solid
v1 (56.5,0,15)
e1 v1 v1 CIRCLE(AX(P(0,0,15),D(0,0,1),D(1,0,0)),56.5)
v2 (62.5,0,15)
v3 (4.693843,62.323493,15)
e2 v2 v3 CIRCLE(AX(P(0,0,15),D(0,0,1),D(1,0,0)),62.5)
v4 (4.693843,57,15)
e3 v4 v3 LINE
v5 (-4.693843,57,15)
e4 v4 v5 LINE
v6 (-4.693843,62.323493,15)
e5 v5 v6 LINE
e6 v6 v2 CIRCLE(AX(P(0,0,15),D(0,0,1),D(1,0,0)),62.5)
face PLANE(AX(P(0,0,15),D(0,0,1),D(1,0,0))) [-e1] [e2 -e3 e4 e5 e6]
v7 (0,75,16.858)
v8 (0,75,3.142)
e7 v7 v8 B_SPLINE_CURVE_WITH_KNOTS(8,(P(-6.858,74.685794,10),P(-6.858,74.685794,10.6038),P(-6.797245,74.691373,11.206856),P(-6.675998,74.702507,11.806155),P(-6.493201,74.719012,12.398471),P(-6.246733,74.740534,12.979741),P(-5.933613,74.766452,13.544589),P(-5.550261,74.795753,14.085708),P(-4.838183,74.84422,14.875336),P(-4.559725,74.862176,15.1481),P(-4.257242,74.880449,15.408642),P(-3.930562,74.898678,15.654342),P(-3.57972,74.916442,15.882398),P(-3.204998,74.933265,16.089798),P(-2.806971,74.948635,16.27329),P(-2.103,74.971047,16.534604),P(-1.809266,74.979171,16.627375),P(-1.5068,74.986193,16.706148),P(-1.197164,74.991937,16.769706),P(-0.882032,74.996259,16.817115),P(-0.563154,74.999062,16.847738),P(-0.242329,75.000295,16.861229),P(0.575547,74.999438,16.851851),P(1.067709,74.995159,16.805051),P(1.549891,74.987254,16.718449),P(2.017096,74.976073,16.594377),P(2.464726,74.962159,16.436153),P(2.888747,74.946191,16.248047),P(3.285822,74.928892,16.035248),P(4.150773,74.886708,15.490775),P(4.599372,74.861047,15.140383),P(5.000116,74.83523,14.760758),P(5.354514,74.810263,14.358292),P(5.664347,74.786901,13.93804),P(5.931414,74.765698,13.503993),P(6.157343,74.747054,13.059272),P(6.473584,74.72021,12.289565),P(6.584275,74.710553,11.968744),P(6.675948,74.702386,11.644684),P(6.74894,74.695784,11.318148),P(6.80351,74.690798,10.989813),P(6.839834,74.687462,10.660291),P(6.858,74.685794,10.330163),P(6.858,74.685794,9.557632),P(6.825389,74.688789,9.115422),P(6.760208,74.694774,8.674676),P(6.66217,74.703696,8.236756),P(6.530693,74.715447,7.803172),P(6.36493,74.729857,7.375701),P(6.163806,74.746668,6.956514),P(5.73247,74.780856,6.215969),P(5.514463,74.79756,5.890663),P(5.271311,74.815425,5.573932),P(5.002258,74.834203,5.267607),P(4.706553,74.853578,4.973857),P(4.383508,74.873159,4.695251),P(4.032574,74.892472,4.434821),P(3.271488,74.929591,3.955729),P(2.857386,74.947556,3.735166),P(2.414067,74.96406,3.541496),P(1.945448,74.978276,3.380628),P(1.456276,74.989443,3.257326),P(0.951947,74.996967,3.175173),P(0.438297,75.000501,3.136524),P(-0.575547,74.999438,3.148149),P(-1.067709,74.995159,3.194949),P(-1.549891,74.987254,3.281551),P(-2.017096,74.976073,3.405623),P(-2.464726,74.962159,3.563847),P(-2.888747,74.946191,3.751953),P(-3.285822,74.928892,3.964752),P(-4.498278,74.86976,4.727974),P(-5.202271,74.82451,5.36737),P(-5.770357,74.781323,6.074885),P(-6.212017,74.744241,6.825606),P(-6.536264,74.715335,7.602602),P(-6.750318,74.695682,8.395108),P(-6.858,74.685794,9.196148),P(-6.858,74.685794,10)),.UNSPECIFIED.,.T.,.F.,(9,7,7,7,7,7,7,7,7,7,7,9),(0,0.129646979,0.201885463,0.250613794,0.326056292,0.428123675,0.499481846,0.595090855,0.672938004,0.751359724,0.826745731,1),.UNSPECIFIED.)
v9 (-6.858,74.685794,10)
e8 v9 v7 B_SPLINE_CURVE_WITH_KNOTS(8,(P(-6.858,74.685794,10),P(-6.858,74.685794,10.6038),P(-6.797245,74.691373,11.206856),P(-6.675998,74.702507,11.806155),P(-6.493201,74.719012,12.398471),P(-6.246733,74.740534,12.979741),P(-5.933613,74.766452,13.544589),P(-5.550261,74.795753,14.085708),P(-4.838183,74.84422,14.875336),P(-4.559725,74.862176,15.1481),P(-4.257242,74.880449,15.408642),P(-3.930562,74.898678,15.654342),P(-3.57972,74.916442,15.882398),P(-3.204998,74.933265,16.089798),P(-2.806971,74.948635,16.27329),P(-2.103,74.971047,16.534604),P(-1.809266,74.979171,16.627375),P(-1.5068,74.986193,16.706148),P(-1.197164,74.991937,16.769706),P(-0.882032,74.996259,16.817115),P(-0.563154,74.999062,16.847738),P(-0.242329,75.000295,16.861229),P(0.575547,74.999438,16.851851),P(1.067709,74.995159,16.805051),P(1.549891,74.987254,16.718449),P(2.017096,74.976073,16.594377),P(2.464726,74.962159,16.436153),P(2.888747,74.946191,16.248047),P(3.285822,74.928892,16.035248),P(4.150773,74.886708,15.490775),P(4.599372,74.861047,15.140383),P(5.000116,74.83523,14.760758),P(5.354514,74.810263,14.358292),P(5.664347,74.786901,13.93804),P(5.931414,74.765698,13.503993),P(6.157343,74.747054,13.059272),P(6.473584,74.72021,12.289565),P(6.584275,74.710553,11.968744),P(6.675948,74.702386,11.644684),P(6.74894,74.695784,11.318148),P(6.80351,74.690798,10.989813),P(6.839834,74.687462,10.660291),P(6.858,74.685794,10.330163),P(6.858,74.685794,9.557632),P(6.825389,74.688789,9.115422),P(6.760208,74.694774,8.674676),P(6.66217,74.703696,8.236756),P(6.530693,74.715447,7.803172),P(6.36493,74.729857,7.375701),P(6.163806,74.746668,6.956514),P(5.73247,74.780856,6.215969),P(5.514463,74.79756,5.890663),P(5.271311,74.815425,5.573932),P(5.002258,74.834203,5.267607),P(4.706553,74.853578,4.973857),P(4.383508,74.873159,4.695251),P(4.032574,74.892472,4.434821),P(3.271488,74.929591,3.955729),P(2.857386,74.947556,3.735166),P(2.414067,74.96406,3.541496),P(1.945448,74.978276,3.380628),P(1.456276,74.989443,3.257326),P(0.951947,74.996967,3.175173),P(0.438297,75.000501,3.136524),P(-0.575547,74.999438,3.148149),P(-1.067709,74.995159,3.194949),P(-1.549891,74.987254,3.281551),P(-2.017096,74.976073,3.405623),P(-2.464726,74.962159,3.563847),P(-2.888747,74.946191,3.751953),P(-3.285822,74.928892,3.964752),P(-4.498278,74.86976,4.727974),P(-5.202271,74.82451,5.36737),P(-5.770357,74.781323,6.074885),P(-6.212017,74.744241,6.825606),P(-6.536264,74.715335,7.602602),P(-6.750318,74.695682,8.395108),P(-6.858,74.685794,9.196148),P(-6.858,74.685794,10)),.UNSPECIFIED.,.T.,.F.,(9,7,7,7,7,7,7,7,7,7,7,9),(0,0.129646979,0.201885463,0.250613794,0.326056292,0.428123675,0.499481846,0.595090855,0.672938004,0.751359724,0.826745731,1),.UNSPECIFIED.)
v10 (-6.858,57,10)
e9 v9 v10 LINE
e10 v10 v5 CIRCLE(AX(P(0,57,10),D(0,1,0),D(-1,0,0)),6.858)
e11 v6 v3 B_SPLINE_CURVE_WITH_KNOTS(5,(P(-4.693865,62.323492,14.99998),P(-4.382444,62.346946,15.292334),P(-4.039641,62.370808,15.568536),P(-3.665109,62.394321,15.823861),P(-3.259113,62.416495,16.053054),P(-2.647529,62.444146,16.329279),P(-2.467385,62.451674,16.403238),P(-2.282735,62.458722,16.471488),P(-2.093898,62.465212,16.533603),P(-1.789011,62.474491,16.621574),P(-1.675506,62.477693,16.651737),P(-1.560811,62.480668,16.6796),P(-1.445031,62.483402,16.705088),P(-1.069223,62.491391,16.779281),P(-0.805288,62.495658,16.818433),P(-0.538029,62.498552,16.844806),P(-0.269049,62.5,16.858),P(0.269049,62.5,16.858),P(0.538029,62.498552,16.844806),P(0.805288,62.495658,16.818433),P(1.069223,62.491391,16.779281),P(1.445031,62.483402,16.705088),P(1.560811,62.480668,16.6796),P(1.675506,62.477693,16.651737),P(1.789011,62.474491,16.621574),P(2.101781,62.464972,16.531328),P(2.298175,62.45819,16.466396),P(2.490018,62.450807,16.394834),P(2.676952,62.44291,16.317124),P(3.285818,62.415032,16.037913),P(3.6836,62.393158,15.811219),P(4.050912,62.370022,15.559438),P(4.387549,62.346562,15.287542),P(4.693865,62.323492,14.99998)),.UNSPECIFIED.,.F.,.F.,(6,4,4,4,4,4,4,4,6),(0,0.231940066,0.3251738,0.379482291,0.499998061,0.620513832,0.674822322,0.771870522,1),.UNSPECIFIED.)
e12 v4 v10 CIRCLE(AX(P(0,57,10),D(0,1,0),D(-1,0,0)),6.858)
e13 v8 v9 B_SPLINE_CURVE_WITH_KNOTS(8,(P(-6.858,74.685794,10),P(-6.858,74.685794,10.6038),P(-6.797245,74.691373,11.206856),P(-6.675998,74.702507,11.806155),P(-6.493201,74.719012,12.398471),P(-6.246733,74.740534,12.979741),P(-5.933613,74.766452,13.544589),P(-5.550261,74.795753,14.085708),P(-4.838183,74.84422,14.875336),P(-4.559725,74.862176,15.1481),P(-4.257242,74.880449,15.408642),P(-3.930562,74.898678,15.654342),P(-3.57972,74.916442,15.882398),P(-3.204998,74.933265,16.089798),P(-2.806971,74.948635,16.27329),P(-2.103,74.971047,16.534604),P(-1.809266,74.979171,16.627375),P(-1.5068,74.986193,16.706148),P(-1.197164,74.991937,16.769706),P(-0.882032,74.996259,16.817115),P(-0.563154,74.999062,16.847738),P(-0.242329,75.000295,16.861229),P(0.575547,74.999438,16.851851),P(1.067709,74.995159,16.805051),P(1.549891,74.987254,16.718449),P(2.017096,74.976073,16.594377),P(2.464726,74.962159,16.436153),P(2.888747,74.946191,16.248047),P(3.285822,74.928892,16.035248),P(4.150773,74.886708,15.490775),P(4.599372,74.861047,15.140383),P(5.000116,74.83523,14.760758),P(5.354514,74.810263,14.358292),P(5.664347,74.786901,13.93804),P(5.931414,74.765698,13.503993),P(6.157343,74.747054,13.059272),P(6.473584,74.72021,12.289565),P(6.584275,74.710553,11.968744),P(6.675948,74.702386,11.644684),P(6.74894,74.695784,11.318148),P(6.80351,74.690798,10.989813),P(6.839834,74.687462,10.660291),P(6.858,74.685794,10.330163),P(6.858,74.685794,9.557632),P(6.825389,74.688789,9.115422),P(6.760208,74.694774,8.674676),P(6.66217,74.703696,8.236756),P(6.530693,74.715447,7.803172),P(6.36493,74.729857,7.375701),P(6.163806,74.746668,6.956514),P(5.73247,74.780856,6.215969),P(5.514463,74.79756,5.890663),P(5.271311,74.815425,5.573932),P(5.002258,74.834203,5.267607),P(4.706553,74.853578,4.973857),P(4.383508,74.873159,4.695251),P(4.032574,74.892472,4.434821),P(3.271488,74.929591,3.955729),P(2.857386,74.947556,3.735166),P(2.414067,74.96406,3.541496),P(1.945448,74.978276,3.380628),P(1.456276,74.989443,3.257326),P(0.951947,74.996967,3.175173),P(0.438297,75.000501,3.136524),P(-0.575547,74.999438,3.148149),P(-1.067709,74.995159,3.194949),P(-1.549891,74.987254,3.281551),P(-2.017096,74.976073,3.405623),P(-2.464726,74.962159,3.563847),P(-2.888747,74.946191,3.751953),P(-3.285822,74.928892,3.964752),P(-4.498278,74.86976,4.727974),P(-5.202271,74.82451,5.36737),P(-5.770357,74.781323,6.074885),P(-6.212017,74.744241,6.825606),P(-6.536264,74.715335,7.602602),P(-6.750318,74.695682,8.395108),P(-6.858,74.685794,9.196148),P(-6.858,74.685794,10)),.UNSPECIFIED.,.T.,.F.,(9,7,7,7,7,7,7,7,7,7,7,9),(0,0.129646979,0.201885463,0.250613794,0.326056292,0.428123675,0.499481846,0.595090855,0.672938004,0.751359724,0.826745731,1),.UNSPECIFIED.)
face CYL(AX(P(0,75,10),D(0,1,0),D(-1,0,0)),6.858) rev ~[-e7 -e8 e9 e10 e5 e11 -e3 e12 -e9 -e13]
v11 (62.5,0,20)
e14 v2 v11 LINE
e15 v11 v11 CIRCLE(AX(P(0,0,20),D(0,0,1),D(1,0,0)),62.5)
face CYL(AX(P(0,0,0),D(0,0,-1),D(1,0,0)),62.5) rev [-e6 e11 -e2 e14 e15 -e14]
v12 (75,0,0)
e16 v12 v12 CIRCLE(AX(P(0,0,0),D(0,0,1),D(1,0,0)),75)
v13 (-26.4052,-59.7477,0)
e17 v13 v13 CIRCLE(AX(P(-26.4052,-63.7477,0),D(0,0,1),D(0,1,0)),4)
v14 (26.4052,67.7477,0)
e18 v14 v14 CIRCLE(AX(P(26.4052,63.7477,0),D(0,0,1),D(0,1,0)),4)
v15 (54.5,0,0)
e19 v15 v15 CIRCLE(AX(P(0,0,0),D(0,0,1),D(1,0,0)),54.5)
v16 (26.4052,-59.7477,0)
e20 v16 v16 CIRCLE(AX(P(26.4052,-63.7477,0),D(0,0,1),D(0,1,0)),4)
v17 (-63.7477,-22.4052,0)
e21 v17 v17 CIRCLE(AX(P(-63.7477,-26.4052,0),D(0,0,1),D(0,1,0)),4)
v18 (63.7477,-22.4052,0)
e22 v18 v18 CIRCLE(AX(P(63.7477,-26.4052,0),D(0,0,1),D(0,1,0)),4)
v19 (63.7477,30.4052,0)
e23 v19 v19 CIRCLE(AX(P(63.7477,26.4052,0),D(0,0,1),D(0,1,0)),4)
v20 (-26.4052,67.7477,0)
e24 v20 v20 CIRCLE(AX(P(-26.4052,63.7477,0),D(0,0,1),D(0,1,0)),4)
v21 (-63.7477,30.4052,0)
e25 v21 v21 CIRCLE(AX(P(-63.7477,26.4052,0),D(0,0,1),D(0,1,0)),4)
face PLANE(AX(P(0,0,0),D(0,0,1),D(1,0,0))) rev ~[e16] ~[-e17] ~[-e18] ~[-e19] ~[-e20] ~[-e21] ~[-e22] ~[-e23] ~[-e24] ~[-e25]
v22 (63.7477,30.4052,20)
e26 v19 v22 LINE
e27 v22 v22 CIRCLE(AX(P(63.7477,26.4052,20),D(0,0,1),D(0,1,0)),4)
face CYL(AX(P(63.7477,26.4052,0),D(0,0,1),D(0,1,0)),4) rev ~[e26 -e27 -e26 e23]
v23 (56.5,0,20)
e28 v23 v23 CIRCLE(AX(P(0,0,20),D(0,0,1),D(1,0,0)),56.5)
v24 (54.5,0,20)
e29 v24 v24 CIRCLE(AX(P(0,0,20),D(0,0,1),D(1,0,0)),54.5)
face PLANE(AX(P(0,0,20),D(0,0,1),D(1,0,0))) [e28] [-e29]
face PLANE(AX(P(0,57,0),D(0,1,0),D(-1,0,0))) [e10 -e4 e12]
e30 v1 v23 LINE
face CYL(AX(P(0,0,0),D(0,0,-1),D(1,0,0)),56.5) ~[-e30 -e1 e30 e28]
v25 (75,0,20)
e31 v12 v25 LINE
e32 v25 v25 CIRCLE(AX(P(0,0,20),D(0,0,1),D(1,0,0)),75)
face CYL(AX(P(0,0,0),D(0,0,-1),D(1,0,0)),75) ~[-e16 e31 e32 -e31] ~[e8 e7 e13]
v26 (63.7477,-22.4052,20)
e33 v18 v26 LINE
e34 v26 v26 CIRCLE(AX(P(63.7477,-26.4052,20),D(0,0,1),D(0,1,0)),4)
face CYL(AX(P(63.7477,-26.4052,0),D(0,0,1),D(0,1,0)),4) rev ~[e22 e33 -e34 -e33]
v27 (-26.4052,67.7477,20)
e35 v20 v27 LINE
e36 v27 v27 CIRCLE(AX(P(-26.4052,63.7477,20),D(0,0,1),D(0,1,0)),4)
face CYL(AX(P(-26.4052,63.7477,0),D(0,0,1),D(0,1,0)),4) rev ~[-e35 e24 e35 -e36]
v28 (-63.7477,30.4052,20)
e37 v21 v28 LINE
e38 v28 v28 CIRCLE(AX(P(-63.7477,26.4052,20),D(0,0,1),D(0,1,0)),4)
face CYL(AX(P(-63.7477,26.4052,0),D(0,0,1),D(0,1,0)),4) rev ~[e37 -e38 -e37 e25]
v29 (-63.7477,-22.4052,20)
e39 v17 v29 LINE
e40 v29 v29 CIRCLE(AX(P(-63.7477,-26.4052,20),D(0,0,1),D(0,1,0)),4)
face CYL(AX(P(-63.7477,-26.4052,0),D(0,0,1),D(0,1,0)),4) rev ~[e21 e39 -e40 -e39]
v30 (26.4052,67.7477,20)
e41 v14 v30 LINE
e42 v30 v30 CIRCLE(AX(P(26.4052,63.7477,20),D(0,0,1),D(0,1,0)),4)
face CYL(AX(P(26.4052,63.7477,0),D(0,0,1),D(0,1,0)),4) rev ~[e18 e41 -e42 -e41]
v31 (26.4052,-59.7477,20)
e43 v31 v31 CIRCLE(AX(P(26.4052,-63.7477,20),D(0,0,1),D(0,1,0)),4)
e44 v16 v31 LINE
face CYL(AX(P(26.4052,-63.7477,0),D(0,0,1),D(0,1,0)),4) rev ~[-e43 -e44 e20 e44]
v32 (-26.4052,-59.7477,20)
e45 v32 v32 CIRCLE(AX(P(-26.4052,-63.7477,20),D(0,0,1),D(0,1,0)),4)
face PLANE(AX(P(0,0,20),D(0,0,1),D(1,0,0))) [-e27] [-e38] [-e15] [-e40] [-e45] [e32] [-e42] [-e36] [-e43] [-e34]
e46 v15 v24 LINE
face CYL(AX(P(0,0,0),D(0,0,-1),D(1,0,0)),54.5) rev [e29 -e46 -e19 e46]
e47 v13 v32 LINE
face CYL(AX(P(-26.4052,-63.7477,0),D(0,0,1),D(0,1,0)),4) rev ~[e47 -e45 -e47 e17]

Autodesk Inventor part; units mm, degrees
ref_plane "YZ Plane" through (0, 0, 0) normal (1, 0, 0) x (0, 1, 0)
ref_plane "XY Plane" through (0, 0, 0) normal (0, 0, 1) x (1, 0, 0)
sketch "Sketch1" plane through (0, 0, 0) normal (0, 0, 1) x (1, 0, 0)
  circle A0 centre (0, 0) radius 54.5
  circle A1 centre (0, 0) radius 75
  circle A2 centre (0, 0) radius 56.5
  circle A3 centre (0, 0) radius 62.5
  circle A4 centre (0, 0) radius 69
  line L0 (0, 0) -> (0, 69) construction
  line L1 (0, 0) -> (26.4052, 63.7477) construction
  line L2 (0, 0) -> (69, 0) construction
  circle A5 centre (26.4052, 63.7477) radius 4
  circle A6 centre (-26.4052, 63.7477) radius 4
  circle A7 centre (-63.7477, 26.4052) radius 4
  circle A8 centre (-63.7477, -26.4052) radius 4
  circle A9 centre (-26.4052, -63.7477) radius 4
  circle A10 centre (26.4052, -63.7477) radius 4
  circle A11 centre (63.7477, -26.4052) radius 4
  circle A12 centre (63.7477, 26.4052) radius 4
  dimension "d0" = 109
  dimension "d1" = 150
  dimension "d2" = 113
  dimension "d3" = 125
  dimension "d4" = 138
  dimension "d16" = 67.5
  dimension "d17" = 8
  dimension "d70" = 360
extrude "Extrusion1" add sketch "Sketch1" along normal blind 20 contours A2
extrude "Extrusion2" add sketch "Sketch1" along normal blind 15 contours A3
extrude "Extrusion3" add sketch "Sketch1" along normal blind 20 contours A1 | A4 A11 A10 A9 A8 A7 A6 A5 A12 | A12 A4 | A4 A12 | A11 A4 | A4 A11 | A5 A4 | A4 A5 | A10 A4 | A4 A10 | A6 A4 | A4 A6 | A9 A4 | A4 A9 | A7 A4 | A4 A7 | A8 A4 | A4 A8
ref_plane "Work Plane1" through (0, 75, 0) normal (0, 1, 0) x (-1, 0, 0)
sketch "Sketch2" plane through (0, 75, 0) normal (0, 1, 0) x (-1, 0, 0)
  line L0 (0, 0) -> (0, 10) construction
  circle A0 centre (0, 10) radius 6.858
  dimension "d12" = 10
  dimension "d13" = 13.716
extrude "Extrusion4" cut sketch "Sketch2" against normal blind 18
hole "Hole1" at (26.4052, 63.7477, 0) at (63.7477, 26.4052, 0) at (63.7477, -26.4052, 0) at (26.4052, -63.7477, 0) at (-26.4052, -63.7477, 0) at (-63.7477, -26.4052, 0) at (-26.4052, 63.7477, 0) at (-63.7477, 26.4052, 0) direction (0, 0, 1) diameter 8 end through all
properties part number "front" material "Aluminum 6061"
